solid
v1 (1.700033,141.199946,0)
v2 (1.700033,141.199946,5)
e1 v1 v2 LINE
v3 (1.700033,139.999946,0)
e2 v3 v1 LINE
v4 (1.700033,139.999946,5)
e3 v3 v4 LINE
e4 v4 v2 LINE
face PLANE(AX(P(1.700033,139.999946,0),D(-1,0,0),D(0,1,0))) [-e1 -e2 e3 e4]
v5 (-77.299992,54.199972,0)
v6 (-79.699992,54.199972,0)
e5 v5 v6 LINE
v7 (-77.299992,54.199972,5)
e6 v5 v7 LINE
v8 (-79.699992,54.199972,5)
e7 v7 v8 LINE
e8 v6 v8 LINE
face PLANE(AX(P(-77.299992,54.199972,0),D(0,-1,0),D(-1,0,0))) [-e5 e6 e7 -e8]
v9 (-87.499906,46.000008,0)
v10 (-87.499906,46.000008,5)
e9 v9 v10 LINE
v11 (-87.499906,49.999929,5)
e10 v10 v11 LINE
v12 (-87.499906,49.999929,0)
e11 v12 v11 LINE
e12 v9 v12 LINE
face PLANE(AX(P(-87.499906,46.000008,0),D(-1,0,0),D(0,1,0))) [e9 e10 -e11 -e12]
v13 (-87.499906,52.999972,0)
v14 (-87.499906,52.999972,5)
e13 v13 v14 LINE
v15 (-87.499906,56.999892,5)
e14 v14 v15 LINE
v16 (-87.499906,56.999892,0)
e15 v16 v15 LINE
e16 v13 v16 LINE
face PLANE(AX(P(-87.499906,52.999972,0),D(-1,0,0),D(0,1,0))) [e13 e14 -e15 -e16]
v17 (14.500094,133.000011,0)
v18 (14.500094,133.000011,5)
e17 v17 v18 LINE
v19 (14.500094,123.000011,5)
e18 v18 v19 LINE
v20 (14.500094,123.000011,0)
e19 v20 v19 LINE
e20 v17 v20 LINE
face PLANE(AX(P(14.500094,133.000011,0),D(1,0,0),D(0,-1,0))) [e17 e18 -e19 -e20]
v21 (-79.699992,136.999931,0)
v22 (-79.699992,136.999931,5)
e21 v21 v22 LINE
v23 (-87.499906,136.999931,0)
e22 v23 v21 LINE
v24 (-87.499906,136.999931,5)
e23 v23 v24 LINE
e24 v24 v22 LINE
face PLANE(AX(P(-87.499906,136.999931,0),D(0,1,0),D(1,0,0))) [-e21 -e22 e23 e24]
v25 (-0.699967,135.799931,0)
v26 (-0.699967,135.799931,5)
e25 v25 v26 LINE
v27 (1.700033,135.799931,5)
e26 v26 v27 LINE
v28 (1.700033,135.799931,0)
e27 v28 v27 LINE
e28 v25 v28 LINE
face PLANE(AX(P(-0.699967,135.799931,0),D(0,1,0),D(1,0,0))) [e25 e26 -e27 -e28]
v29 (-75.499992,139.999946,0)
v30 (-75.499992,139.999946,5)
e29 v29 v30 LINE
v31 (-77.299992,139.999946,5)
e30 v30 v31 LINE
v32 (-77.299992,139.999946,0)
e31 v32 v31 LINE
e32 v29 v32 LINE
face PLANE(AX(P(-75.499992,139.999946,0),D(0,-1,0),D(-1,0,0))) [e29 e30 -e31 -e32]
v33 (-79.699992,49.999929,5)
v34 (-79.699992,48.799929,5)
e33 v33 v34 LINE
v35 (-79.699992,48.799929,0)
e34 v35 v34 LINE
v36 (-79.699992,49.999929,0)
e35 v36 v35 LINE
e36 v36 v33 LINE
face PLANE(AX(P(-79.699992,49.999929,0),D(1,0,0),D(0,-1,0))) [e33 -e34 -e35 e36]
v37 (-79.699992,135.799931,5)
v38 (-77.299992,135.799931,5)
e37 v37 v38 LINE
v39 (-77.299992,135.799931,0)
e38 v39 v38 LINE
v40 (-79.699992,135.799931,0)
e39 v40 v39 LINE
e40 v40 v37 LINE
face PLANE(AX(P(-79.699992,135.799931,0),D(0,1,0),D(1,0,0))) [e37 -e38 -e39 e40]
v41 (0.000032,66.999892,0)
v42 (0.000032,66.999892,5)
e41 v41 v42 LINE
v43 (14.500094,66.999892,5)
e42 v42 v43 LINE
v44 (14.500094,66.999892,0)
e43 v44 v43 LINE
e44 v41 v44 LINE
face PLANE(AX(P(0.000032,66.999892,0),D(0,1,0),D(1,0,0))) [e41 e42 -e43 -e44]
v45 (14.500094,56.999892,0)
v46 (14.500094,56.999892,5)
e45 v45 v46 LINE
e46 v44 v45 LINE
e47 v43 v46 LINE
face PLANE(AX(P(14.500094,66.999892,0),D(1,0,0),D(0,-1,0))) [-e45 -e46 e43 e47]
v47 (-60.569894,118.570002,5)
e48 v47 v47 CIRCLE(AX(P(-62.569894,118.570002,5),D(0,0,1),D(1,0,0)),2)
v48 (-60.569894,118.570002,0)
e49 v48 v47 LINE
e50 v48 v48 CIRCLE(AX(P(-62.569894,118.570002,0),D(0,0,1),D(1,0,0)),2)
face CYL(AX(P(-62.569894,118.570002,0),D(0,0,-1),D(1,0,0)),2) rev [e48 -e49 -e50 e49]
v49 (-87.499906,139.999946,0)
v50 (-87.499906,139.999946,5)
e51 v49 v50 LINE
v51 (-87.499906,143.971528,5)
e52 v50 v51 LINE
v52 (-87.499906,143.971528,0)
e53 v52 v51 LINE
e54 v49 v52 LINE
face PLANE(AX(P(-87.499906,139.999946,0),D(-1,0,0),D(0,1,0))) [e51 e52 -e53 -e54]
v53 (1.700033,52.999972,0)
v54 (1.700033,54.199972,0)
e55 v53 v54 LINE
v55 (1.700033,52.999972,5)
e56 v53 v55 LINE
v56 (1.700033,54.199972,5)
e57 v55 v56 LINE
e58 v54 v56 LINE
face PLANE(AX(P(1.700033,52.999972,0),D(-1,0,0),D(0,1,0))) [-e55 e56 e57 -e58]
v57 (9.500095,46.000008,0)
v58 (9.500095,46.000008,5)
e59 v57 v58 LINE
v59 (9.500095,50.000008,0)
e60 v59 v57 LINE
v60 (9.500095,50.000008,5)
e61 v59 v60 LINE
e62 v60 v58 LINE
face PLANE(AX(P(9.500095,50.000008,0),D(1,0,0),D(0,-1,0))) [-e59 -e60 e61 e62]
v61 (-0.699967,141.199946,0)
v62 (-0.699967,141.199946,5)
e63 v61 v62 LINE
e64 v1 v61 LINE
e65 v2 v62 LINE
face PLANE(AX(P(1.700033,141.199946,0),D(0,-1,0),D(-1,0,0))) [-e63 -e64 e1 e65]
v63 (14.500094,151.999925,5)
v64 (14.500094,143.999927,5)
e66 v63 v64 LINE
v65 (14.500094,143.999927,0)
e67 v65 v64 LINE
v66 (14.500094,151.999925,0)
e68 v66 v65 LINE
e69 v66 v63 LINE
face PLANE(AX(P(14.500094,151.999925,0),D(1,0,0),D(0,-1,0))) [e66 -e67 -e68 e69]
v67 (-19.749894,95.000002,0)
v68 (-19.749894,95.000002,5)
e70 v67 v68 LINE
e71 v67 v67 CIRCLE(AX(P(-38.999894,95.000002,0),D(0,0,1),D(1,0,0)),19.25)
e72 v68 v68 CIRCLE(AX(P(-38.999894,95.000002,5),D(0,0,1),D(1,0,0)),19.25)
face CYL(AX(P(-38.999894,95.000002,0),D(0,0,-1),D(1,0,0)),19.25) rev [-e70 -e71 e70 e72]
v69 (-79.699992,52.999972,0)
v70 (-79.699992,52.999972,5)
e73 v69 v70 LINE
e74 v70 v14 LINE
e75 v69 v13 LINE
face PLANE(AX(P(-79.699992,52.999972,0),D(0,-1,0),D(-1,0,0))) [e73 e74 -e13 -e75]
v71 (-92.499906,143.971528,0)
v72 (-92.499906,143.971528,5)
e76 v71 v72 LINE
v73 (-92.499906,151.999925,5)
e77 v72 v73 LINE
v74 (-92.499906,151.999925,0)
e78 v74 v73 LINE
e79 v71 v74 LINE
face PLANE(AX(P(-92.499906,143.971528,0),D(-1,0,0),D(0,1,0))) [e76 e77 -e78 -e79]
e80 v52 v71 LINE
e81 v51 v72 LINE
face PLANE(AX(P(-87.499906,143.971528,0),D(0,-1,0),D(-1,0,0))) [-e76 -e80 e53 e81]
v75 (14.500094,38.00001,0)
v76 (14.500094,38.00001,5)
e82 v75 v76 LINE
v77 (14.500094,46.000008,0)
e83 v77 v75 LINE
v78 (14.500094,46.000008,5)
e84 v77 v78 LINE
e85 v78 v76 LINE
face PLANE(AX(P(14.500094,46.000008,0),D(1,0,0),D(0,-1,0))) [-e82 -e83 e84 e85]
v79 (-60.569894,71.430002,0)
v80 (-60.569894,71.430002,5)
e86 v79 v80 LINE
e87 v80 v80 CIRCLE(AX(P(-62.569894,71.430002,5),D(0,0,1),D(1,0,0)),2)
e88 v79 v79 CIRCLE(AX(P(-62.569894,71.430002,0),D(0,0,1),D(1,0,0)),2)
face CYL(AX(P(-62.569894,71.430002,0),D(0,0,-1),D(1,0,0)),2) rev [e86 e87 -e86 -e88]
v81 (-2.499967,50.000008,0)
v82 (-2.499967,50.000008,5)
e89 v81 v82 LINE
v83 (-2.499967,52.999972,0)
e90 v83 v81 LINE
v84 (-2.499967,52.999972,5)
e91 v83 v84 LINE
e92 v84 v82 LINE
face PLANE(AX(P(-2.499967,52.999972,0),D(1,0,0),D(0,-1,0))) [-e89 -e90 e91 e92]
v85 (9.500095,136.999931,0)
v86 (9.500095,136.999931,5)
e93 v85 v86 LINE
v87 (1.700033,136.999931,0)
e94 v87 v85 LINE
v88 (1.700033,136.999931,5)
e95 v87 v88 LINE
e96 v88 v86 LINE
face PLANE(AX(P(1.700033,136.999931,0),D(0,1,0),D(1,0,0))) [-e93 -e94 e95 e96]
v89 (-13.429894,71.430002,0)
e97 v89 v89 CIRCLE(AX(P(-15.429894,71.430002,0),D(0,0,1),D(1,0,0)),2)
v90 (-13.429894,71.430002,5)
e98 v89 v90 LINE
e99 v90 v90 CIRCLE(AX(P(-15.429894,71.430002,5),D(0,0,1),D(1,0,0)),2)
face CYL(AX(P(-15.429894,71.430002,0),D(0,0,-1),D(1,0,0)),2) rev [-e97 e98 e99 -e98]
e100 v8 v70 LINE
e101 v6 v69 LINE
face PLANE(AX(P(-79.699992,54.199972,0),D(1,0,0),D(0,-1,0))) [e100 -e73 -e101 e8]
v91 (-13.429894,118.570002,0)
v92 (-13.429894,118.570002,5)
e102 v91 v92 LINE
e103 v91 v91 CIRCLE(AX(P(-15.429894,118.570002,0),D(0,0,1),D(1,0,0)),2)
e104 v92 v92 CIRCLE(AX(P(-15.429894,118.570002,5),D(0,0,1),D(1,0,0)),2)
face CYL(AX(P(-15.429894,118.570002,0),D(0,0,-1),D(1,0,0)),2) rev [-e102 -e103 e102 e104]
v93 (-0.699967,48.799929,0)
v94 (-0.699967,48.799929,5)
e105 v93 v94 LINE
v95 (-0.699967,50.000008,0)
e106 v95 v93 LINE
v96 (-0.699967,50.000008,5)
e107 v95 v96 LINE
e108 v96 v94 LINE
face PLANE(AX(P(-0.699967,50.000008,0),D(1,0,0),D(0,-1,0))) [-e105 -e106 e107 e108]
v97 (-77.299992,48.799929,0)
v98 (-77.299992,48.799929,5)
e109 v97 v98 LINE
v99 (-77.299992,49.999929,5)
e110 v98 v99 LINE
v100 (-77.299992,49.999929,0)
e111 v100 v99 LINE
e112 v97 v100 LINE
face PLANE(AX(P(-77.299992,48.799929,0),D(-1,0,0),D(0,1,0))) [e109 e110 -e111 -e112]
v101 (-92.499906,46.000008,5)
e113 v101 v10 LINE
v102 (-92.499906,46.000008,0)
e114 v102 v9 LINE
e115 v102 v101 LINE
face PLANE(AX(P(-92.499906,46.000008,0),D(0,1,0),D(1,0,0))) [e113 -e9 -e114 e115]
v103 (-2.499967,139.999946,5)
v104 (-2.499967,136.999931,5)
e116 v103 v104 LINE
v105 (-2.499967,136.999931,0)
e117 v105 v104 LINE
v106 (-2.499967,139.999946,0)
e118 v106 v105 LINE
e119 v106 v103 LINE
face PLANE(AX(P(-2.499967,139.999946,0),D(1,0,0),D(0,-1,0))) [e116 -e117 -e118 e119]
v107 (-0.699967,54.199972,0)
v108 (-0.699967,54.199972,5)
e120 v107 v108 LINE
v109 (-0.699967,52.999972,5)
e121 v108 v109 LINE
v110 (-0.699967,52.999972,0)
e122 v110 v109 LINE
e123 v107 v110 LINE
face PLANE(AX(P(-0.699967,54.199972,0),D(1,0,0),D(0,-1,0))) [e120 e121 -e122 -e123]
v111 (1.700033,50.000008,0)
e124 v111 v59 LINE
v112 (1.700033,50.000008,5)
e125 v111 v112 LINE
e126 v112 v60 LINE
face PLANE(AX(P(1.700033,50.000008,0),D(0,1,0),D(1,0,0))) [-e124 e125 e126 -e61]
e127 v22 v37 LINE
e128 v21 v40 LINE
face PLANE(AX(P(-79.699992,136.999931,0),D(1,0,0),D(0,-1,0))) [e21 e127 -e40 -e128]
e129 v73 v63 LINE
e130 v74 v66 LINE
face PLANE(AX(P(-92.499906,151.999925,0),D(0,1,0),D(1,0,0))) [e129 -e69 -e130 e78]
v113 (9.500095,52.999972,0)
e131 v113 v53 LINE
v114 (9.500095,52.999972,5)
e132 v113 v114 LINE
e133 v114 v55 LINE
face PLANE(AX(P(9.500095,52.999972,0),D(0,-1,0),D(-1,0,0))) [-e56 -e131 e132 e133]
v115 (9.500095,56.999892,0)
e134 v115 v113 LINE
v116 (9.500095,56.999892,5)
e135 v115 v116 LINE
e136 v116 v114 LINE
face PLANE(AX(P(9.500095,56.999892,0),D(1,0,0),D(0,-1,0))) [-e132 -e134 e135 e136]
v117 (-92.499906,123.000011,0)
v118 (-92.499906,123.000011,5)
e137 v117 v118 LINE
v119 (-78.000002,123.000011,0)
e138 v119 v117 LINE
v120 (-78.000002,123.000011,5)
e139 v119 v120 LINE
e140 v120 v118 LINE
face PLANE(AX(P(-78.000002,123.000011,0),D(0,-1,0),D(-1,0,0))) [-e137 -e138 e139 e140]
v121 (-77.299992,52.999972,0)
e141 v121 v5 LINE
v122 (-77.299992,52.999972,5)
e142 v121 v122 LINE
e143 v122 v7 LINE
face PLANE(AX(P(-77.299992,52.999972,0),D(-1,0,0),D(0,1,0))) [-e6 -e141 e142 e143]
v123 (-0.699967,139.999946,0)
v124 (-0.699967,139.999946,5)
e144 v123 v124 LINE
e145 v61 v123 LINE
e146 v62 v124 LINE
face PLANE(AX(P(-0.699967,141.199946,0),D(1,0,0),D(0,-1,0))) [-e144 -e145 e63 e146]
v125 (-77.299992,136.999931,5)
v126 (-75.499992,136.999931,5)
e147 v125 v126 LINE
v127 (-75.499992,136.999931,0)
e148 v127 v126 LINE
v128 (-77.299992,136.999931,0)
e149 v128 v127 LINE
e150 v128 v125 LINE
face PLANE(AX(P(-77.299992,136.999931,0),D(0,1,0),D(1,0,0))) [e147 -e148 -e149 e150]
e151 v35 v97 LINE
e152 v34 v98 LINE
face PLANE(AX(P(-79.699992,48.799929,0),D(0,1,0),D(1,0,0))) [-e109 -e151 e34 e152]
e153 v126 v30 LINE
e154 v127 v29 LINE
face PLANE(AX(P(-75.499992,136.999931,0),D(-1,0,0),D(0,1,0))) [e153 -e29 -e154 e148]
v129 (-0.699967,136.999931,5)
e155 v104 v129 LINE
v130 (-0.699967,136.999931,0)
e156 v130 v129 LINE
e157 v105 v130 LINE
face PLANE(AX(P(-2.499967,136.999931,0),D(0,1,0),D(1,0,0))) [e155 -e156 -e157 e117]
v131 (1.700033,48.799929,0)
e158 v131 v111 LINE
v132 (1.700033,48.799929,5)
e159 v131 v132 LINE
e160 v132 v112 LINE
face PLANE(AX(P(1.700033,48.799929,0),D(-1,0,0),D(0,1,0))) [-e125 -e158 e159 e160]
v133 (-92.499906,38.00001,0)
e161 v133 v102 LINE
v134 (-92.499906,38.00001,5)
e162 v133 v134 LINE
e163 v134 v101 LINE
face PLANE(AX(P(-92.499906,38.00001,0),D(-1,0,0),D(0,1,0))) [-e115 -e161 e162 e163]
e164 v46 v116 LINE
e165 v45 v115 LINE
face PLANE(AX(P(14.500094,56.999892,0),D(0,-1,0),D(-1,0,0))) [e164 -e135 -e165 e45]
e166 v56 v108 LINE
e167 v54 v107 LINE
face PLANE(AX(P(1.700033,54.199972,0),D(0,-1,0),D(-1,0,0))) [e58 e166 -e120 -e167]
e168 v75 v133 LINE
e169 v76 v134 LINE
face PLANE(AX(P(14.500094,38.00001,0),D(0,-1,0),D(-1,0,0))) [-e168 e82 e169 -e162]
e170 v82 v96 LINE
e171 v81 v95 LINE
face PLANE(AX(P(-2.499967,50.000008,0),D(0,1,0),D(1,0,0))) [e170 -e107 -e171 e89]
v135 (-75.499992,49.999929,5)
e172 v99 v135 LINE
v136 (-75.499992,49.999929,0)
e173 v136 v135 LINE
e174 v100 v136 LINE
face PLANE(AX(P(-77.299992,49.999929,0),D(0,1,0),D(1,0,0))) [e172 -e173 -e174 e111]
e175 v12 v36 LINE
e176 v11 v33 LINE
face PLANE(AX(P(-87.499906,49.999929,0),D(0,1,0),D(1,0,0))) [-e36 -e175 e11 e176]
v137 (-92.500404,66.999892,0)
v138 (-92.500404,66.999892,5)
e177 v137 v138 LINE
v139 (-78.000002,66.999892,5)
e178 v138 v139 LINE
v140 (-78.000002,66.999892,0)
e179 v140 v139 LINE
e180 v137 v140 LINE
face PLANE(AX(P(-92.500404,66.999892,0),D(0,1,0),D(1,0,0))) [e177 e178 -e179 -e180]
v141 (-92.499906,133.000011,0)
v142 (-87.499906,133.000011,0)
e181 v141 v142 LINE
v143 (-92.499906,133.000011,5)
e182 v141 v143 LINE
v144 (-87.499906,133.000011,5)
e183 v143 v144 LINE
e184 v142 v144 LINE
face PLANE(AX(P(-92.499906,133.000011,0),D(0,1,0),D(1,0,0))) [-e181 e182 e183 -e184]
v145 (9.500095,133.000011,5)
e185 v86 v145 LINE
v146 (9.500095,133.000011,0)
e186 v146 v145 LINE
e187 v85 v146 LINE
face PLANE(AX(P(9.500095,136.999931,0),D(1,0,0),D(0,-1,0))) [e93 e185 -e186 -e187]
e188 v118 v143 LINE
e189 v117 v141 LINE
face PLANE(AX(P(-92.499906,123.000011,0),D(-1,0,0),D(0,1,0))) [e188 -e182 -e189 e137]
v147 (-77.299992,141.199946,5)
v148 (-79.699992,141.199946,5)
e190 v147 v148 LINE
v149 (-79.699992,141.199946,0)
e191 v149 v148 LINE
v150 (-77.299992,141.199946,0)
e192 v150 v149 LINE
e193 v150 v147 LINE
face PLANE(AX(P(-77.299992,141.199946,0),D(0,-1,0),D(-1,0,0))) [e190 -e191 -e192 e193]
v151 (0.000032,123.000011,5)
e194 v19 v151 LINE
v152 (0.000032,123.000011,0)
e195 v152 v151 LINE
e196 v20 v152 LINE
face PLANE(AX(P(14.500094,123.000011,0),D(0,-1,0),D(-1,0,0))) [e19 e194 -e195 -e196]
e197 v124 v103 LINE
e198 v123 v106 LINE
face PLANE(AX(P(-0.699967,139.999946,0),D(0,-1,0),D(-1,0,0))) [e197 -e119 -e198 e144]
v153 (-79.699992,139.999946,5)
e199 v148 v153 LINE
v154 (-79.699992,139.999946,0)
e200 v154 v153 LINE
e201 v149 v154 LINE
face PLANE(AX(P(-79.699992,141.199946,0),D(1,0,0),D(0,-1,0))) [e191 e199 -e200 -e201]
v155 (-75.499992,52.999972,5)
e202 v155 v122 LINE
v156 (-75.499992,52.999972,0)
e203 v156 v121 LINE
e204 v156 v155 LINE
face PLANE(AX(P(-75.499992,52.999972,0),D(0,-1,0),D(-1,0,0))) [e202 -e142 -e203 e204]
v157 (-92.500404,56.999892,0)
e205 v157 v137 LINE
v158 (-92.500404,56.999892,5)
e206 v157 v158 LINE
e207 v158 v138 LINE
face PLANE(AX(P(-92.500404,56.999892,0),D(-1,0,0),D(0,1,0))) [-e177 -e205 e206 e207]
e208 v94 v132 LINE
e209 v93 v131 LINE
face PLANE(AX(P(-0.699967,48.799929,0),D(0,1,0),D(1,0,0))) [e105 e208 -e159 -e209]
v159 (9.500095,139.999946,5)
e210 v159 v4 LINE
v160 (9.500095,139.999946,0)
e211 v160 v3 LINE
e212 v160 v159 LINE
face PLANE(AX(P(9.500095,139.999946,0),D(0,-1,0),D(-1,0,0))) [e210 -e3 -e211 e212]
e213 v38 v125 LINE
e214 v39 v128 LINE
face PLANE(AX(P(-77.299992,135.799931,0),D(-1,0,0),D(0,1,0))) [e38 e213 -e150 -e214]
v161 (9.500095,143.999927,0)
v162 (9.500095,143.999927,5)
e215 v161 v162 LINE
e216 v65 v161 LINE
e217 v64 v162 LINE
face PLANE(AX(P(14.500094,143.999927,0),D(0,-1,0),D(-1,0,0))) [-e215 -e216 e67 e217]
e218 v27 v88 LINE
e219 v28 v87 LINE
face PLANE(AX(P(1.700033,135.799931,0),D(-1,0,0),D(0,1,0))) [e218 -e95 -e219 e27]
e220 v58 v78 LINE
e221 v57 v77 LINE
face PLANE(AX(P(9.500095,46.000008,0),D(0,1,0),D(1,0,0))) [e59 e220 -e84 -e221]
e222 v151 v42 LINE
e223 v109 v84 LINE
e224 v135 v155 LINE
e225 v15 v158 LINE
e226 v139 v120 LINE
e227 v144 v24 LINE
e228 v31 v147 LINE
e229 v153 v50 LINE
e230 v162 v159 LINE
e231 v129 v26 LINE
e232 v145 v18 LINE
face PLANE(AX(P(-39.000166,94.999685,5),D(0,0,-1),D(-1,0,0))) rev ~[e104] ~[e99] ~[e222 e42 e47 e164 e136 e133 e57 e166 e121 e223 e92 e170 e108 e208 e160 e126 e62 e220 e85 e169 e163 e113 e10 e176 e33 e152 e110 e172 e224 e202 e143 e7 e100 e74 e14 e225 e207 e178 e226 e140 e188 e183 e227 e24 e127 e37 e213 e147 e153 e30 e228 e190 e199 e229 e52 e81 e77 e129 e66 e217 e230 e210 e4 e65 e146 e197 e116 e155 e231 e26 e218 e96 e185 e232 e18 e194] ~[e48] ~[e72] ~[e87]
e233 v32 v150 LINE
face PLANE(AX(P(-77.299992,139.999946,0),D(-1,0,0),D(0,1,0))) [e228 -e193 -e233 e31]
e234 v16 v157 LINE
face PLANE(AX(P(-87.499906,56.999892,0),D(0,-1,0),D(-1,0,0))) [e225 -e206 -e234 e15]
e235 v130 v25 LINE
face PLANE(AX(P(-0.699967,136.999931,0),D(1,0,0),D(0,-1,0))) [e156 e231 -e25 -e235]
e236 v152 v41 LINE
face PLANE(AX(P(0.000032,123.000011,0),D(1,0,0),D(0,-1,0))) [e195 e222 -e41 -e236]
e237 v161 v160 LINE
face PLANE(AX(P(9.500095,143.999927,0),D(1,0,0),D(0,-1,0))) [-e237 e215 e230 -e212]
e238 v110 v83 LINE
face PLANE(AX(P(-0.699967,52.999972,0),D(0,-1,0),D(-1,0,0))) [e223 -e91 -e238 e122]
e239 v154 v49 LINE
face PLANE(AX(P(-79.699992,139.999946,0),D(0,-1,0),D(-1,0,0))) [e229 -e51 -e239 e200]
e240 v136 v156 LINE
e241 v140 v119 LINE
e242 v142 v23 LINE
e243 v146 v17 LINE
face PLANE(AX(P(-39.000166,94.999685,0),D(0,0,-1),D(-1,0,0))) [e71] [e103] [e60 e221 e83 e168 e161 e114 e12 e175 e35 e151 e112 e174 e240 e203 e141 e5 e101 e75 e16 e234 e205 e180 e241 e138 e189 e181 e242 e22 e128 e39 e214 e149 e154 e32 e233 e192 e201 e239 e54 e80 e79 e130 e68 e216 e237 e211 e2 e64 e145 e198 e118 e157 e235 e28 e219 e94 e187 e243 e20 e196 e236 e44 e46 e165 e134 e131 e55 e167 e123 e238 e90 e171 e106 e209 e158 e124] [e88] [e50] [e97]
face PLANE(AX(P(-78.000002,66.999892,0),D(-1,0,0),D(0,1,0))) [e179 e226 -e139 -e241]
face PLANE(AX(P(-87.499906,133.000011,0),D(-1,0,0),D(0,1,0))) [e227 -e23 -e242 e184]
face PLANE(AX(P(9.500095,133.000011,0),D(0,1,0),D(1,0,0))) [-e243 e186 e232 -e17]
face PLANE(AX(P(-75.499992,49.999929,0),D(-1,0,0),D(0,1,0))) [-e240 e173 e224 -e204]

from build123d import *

# Parameters (mm, degrees)
MODEL_R                  = 2
MODEL_R_2                = 19.25
RESSALTO_EXTRUS_O1_DEPTH = 5


with BuildPart() as part:
    # Model → Ressalto-extrusão1 (new body)
    with BuildSketch(Plane.XY):
        Polygon((-87.499906276, 136.999930927), (-79.699992019, 136.999930927), (-79.699992019, 135.799931225), (-77.299992019, 135.799931225), (-77.299992019, 136.999930927), (-75.499992019, 136.999930927), (-75.499992019, 139.999946471), (-77.299992019, 139.999946471), (-77.299992019, 141.199946173), (-79.699992019, 141.199946173), (-79.699992019, 139.999946471), (-87.499906276, 139.999946471), (-87.499906276, 143.971527937), (-92.499906103, 143.971527937), (-92.499906103, 151.99992515), (14.500094446, 151.99992515), (14.500094446, 143.999926549), (9.500094619, 143.999926549), (9.500094619, 139.999946471), (1.700033295, 139.999946471), (1.700033295, 141.199946173), (-0.699966705, 141.199946173), (-0.699966705, 139.999946471), (-2.499966705, 139.999946471), (-2.499966705, 136.999930927), (-0.699966705, 136.999930927), (-0.699966705, 135.799931225), (1.700033295, 135.799931225), (1.700033295, 136.999930927), (9.500094619, 136.999930927), (9.500094619, 133.000010759), (14.500094446, 133.000010759), (14.500094446, 123.000010744), (3.1755e-05, 123.000010744), (3.1755e-05, 66.999892416), (14.500094446, 66.999892416), (14.500094446, 56.999892401), (9.500094619, 56.999892401), (9.500094619, 52.999972233), (1.700033295, 52.999972233), (1.700033295, 54.199971935), (-0.699966705, 54.199971935), (-0.699966705, 52.999972233), (-2.499966705, 52.999972233), (-2.499966705, 50.000008094), (-0.699966705, 50.000008094), (-0.699966705, 48.799928912), (1.700033295, 48.799928912), (1.700033295, 50.000008094), (9.500094619, 50.000008094), (9.500094619, 46.000008447), (14.500094446, 46.000008447), (14.500094446, 38.000009846), (-92.499906103, 38.000009846), (-92.499906103, 46.000008447), (-87.499906276, 46.000008447), (-87.499906276, 49.999928614), (-79.699992019, 49.999928614), (-79.699992019, 48.799928912), (-77.299992019, 48.799928912), (-77.299992019, 49.999928614), (-75.499992019, 49.999928614), (-75.499992019, 52.999972233), (-77.299992019, 52.999972233), (-77.299992019, 54.199971935), (-79.699992019, 54.199971935), (-79.699992019, 52.999972233), (-87.499906276, 52.999972233), (-87.499906276, 56.999892401), (-92.500404317, 56.999892401), (-92.500404317, 66.999892416), (-78.000001989, 66.999892416), (-78.000001989, 123.000010744), (-92.499906103, 123.000010744), (-92.499906103, 133.000010759), (-87.499906276, 133.000010759), align=None)
        with Locations((-62.569893888, 118.570002461)):
            Circle(MODEL_R, mode=Mode.SUBTRACT)
        with Locations((-15.429893888, 118.570002461)):
            Circle(MODEL_R, mode=Mode.SUBTRACT)
        with Locations((-62.569893888, 71.430002461)):
            Circle(MODEL_R, mode=Mode.SUBTRACT)
        with Locations((-15.429893888, 71.430002461)):
            Circle(MODEL_R, mode=Mode.SUBTRACT)
        with Locations((-38.999893888, 95.000002461)):
            Circle(MODEL_R_2, mode=Mode.SUBTRACT)
    extrude(amount=RESSALTO_EXTRUS_O1_DEPTH)


solid = part.part
